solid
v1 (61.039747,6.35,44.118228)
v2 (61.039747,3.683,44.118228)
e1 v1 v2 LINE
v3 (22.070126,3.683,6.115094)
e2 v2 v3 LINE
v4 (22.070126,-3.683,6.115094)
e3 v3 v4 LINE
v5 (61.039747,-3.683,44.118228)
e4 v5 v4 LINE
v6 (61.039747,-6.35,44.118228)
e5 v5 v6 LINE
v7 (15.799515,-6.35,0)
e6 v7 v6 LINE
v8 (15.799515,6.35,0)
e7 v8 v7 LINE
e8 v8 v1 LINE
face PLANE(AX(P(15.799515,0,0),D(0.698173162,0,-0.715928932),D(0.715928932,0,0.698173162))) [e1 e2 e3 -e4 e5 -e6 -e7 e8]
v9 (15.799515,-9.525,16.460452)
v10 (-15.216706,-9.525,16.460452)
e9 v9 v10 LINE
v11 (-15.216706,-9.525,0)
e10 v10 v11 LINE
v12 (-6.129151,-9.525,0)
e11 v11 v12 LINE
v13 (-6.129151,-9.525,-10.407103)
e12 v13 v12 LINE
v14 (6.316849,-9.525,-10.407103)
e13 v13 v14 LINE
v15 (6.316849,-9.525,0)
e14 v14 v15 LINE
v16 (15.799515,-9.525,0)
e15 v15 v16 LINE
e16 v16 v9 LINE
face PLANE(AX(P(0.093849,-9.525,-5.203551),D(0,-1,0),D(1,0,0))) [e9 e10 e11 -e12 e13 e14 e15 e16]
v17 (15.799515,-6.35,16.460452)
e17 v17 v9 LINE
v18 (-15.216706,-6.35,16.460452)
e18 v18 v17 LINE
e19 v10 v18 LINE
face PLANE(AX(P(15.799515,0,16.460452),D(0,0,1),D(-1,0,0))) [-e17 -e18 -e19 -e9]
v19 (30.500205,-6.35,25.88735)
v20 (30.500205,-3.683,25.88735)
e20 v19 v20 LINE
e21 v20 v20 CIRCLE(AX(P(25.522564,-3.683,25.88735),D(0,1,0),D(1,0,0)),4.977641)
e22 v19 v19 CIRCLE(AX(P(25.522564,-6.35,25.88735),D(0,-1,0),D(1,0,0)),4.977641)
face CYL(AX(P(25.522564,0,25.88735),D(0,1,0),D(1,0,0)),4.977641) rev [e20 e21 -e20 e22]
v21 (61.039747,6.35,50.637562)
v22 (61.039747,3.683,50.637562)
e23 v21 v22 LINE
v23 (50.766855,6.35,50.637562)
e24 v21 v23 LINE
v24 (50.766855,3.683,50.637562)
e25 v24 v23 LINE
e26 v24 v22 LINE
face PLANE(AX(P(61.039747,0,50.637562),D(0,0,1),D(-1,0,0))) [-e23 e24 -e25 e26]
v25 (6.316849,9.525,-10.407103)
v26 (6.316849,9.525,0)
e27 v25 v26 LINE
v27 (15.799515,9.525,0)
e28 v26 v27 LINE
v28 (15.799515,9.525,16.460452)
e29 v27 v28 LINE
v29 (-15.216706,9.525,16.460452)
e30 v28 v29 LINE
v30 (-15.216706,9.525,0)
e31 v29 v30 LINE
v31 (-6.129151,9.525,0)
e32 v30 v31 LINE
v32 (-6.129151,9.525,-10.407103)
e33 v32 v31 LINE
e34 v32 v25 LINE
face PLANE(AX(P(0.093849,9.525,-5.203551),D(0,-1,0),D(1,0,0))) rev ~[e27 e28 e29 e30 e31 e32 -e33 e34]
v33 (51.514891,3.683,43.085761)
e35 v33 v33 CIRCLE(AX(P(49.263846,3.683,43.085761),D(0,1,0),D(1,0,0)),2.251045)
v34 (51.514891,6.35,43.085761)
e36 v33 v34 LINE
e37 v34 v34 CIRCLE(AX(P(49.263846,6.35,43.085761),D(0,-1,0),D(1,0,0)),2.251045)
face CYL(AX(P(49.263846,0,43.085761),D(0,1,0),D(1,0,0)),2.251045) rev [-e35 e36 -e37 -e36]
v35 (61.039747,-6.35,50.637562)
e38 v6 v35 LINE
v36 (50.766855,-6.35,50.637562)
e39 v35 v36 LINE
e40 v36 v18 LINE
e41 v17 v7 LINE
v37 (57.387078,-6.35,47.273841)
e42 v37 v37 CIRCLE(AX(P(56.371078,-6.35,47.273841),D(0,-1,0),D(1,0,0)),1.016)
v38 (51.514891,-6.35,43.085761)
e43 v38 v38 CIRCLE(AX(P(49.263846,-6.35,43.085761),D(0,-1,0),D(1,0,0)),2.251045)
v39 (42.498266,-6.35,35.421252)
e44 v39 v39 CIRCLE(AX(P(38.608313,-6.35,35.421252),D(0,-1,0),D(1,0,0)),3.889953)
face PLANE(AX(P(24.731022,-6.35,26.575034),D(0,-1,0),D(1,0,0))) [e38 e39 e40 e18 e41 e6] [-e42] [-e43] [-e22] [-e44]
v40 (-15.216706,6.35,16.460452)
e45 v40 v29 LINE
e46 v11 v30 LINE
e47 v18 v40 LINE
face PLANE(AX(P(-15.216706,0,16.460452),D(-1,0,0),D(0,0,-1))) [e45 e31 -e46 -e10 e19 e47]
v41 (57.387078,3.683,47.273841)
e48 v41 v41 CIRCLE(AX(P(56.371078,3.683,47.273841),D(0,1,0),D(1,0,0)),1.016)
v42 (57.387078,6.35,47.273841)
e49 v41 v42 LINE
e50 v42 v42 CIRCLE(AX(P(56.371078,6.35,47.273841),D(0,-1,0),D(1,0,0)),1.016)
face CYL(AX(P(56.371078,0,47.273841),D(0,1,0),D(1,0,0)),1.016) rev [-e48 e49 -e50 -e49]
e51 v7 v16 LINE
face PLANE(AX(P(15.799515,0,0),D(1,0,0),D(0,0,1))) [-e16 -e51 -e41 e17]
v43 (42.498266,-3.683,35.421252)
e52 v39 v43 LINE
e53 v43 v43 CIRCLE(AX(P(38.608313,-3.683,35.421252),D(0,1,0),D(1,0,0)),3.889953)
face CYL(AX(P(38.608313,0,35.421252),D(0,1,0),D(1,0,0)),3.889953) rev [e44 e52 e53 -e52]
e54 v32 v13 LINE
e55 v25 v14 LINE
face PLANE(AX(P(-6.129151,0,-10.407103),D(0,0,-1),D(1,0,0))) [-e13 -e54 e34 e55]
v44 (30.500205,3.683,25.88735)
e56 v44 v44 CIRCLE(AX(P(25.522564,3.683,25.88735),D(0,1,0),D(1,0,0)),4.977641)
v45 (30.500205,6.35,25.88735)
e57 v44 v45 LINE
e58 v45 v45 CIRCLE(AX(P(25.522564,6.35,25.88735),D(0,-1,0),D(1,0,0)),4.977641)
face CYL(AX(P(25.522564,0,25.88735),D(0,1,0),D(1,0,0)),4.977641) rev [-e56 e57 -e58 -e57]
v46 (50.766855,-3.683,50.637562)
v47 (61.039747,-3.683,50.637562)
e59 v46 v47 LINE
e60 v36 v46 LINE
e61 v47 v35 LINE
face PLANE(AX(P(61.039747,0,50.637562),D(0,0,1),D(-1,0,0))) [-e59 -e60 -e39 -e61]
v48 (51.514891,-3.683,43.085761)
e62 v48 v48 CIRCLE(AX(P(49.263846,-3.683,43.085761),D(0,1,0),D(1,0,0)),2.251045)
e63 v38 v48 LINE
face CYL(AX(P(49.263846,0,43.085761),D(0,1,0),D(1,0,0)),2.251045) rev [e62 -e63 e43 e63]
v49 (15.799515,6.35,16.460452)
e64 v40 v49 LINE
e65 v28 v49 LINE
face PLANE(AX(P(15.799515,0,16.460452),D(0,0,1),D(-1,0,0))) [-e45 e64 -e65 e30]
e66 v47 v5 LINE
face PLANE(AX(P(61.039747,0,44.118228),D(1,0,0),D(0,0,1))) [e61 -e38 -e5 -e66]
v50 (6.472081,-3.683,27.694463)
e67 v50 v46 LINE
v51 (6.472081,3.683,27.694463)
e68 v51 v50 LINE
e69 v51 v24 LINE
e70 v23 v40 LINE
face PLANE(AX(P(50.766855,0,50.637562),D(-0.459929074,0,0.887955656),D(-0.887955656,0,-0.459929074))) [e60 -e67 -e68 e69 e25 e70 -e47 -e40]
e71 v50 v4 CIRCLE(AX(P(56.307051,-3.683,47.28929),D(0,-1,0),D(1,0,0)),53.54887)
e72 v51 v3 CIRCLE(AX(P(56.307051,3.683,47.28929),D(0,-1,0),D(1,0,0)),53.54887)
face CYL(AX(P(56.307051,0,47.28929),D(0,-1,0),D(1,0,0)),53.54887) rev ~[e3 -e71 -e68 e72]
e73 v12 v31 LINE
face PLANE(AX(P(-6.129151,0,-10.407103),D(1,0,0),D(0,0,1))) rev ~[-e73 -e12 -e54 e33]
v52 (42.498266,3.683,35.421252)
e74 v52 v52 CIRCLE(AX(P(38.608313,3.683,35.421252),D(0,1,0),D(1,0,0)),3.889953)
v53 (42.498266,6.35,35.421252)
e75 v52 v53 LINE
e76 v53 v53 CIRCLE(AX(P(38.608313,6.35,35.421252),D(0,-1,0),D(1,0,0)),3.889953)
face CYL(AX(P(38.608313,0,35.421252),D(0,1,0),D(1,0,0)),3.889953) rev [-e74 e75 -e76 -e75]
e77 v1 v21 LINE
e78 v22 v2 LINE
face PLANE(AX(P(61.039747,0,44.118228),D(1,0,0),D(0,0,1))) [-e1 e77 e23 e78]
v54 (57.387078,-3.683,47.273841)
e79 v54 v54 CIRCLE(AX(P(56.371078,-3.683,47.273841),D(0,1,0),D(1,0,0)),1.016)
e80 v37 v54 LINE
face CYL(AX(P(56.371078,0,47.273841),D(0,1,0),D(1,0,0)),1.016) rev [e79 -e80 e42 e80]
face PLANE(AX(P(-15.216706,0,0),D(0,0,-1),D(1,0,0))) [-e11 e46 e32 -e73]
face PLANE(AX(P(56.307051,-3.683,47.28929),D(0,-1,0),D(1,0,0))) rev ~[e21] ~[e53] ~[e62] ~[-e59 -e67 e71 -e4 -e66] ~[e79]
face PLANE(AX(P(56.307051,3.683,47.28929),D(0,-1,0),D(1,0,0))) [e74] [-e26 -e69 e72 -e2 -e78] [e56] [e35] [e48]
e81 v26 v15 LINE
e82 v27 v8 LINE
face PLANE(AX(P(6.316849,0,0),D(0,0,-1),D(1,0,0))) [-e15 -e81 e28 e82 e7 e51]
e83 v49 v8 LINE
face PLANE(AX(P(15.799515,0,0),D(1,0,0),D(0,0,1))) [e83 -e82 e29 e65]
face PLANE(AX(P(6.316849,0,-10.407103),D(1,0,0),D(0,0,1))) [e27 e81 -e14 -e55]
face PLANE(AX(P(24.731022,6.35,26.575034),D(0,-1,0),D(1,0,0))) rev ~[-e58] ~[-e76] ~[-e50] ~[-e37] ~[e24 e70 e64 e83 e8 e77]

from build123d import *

# Parameters (mm, degrees)
F0_W     = 12.446
F0_H     = 10.407103
F1_DEPTH = 9.525
F0_R     = 4.977641
F0_R_2   = 3.889953
F0_R_3   = 2.251045
F0_R_4   = 1.016
F2_DEPTH = 6.35
F3_R     = 53.54887
F4_DEPTH = 3.683


with BuildPart() as f1:
    # F0 (on Front) → F1 (new body, symmetric)
    with BuildSketch(Plane.XZ):
        with Locations((0.093849, -5.203551)):
            Rectangle(F0_W, F0_H)
        Polygon((-15.216706, 0), (-6.129151, 0), (6.316849, 0), (15.799515, 0), (15.799515, 16.460452), (-15.216706, 16.460452), align=None)
    extrude(amount=F1_DEPTH, both=True)

    # F0 (on Front) → F2 (join, symmetric)
    with BuildSketch(Plane.XZ):
        Polygon((15.799515, 16.460452), (15.799515, 0), (61.039747, 44.118228), (61.039747, 50.637562), (50.766855, 50.637562), (-15.216706, 16.460452), align=None)
        with Locations((25.522564, 25.88735)):
            Circle(F0_R, mode=Mode.SUBTRACT)
        with Locations((38.608313, 35.421252)):
            Circle(F0_R_2, mode=Mode.SUBTRACT)
        with Locations((49.263846, 43.085761)):
            Circle(F0_R_3, mode=Mode.SUBTRACT)
        with Locations((56.371078, 47.273841)):
            Circle(F0_R_4, mode=Mode.SUBTRACT)
    extrude(amount=F2_DEPTH, both=True)

    # F3 (on Front) → F4 (cut, symmetric)
    with BuildSketch(Plane.XZ):
        with Locations((56.307051, 47.28929)):
            Circle(F3_R)
    extrude(amount=F4_DEPTH, both=True, mode=Mode.SUBTRACT)


solid = f1.part
